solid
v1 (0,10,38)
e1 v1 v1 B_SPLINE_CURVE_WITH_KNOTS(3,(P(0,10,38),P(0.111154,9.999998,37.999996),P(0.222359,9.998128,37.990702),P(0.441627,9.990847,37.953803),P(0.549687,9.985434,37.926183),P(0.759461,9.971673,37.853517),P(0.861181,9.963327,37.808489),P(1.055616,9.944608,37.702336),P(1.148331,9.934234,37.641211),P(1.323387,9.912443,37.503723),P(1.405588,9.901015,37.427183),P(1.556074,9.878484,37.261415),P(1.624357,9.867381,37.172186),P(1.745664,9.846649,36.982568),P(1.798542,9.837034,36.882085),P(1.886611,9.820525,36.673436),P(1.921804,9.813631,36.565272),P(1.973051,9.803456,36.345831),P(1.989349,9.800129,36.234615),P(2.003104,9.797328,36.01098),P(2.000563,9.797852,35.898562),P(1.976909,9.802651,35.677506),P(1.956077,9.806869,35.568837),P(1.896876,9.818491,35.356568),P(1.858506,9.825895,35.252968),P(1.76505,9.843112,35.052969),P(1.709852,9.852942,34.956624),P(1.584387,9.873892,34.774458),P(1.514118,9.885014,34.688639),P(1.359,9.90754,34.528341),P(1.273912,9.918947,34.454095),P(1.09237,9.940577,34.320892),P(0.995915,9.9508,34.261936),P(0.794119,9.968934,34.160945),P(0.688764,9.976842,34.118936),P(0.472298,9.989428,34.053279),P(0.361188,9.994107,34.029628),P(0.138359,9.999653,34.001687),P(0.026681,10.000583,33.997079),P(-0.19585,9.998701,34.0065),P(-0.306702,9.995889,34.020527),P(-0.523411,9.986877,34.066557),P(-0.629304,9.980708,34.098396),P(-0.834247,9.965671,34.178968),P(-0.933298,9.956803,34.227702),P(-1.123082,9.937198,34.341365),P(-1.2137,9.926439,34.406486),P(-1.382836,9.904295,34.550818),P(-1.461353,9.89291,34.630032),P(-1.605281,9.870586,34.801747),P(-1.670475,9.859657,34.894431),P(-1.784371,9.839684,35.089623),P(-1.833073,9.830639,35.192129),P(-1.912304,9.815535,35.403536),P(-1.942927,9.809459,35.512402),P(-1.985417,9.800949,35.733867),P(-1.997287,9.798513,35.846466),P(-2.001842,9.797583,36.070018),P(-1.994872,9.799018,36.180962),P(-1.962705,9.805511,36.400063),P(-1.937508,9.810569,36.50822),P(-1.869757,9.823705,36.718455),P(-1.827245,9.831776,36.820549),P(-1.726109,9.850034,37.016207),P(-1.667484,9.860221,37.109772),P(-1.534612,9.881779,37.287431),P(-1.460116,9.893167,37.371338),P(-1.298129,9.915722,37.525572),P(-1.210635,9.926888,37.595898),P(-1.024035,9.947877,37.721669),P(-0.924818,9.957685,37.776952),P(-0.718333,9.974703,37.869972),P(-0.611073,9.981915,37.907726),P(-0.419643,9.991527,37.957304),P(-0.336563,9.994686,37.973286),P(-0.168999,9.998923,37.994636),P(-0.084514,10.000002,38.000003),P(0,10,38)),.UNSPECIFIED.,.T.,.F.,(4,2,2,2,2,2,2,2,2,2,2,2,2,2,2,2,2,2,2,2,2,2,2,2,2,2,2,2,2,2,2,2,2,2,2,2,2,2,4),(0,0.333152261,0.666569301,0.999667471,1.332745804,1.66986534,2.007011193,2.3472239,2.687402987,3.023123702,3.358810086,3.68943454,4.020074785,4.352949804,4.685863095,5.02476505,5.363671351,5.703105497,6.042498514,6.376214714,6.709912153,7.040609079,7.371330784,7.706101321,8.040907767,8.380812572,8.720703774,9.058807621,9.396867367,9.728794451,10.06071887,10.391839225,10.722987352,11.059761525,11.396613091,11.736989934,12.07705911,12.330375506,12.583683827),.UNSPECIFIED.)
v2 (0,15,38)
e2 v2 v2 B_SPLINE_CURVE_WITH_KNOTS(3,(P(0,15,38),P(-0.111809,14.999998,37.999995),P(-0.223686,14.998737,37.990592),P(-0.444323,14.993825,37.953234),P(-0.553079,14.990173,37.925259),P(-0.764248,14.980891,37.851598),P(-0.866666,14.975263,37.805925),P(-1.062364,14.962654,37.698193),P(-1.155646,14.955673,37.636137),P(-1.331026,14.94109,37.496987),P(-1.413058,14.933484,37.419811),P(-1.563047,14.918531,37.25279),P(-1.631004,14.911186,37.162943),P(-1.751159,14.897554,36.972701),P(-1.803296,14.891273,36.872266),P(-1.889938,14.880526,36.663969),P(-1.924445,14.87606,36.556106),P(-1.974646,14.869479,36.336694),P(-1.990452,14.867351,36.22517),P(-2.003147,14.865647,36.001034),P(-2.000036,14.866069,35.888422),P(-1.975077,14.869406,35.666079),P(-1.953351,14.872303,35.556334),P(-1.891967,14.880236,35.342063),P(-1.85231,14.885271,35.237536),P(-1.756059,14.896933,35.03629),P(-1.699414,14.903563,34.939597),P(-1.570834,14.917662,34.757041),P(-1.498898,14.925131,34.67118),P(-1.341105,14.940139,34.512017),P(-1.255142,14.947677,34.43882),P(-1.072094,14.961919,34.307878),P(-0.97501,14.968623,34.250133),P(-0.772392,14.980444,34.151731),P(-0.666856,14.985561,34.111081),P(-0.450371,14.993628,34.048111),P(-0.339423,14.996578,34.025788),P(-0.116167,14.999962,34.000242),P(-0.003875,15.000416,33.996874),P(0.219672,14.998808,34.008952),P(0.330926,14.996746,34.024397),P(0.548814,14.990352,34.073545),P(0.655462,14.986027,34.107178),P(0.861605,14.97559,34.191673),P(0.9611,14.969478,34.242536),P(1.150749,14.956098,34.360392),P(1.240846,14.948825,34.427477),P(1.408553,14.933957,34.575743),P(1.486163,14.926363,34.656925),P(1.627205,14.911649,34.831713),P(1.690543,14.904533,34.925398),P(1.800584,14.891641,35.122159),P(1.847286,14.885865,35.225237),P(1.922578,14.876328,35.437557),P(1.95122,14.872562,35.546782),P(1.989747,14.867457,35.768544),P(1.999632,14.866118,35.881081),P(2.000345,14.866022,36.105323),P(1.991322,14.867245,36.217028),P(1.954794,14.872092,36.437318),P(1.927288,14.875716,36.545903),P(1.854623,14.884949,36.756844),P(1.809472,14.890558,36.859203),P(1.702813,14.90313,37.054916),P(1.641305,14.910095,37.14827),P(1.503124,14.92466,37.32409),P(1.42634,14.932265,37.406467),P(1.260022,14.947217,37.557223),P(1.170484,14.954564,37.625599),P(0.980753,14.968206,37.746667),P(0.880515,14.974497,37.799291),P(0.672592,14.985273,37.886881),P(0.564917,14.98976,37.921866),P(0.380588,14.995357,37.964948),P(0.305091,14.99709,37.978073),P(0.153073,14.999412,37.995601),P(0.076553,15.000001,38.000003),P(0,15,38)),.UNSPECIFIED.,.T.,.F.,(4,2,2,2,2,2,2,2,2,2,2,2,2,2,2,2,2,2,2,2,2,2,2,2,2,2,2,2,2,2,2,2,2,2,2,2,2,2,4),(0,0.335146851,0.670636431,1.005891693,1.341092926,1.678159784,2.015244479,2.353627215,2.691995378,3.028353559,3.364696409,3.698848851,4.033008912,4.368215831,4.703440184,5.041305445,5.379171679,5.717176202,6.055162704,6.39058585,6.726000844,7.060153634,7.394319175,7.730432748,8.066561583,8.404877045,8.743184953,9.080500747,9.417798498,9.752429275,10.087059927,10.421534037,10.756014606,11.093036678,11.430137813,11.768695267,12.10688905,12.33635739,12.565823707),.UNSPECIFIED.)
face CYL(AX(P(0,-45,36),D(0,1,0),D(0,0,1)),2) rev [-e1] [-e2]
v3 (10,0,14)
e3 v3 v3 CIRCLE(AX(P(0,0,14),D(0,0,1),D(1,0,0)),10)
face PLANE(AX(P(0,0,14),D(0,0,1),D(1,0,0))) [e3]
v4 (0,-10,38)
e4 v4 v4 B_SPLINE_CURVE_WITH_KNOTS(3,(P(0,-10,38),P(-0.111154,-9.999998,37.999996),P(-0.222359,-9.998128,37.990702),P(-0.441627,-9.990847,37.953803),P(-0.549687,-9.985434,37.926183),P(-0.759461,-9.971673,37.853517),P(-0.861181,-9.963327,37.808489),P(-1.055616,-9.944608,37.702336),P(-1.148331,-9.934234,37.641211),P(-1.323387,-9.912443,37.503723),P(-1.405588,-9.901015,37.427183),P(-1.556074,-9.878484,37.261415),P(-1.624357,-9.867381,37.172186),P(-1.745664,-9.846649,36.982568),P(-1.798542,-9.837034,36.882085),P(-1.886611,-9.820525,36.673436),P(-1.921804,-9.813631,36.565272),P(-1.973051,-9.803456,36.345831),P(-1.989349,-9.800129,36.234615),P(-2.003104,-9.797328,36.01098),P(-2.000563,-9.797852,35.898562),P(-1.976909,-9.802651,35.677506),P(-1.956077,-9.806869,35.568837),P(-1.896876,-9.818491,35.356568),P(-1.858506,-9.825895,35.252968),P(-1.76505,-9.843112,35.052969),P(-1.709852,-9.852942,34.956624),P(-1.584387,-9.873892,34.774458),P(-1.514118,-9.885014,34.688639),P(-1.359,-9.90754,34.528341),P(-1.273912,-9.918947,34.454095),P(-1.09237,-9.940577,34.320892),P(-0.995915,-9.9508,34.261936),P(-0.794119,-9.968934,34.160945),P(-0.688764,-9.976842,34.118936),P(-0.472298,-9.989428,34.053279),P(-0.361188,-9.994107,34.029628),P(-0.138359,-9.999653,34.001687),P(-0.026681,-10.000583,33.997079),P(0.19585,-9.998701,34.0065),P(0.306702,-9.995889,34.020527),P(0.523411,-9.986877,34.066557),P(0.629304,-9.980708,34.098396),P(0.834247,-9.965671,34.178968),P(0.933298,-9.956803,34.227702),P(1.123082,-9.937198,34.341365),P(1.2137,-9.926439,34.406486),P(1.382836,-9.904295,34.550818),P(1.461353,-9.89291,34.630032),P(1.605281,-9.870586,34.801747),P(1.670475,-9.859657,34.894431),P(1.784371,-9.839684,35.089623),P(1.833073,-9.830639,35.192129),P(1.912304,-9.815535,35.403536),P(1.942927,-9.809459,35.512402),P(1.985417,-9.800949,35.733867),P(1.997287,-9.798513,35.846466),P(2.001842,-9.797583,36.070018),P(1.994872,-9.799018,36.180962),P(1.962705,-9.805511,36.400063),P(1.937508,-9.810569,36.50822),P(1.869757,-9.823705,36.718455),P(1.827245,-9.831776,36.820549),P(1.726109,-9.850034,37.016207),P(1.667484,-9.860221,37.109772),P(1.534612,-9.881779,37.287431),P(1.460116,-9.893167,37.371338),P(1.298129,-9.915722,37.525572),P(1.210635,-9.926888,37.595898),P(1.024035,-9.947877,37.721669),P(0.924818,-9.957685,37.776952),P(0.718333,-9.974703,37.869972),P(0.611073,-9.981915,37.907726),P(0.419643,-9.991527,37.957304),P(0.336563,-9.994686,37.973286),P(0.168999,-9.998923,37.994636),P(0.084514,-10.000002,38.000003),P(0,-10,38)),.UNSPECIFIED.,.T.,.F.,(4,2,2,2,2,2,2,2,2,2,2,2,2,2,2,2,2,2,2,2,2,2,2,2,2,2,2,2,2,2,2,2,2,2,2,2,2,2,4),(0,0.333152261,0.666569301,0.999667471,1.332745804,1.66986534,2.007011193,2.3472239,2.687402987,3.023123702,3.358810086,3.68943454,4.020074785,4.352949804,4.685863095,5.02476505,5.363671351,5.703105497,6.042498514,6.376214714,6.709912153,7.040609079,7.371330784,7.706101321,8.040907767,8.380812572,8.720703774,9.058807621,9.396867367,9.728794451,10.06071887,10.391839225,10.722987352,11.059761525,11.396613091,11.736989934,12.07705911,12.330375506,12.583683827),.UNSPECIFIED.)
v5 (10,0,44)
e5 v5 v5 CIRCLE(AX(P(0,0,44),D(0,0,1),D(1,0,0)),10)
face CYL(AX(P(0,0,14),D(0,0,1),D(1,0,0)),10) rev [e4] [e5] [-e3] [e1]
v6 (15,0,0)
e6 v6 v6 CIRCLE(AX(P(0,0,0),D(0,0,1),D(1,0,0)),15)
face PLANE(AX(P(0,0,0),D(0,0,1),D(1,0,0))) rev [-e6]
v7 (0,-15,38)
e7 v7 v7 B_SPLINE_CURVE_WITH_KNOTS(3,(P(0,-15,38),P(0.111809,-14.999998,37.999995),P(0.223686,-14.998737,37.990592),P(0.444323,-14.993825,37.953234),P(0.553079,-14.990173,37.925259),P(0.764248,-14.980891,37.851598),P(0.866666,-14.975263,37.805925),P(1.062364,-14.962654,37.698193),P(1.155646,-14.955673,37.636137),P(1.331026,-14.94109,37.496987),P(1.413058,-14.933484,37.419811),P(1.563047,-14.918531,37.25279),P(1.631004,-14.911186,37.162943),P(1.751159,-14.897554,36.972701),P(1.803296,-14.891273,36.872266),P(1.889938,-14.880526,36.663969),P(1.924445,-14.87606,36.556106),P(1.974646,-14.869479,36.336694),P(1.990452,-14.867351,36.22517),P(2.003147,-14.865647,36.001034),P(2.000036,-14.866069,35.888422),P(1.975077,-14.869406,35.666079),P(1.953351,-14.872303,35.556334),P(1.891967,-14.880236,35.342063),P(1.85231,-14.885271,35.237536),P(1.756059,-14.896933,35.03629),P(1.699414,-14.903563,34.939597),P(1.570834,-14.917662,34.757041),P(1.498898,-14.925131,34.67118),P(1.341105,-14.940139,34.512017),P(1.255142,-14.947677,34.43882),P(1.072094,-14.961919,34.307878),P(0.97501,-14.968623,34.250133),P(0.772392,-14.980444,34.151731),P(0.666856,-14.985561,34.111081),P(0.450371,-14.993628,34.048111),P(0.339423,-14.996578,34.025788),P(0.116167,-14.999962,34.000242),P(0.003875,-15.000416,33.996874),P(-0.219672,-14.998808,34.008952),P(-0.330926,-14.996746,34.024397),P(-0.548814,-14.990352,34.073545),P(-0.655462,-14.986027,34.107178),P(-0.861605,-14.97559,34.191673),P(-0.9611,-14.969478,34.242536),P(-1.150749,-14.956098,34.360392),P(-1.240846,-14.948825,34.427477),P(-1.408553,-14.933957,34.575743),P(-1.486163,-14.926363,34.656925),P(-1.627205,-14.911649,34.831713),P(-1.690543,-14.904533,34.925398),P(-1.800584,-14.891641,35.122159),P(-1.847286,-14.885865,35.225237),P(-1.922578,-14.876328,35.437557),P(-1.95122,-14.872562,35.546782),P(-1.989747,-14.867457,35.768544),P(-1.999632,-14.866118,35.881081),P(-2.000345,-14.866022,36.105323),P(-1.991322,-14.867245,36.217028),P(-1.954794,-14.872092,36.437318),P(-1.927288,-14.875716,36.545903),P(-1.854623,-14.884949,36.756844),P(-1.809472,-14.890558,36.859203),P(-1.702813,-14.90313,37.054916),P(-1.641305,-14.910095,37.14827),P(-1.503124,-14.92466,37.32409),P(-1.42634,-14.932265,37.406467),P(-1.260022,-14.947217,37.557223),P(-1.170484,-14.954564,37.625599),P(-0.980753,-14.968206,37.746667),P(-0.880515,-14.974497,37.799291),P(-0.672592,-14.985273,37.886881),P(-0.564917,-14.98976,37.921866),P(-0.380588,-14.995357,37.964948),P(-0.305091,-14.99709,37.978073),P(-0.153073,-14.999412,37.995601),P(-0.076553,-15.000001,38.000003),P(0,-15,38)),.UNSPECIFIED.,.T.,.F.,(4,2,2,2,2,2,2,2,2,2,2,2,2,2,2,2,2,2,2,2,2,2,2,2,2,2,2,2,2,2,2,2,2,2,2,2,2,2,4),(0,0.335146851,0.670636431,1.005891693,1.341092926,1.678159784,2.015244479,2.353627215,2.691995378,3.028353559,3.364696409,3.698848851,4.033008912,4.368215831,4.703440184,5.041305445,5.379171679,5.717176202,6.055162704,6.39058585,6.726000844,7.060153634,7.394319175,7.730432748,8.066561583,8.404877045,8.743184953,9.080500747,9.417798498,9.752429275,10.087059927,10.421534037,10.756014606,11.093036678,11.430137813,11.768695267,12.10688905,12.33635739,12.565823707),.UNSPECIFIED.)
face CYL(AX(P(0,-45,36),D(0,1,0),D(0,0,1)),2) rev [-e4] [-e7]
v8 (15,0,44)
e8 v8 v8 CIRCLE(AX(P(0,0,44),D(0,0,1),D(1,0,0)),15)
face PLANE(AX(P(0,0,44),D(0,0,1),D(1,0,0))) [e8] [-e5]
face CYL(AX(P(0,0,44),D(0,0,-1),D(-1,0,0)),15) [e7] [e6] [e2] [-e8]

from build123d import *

# Parameters (mm, degrees)
IZIM1_R                     = 15
Y_KSEKLIK_EKSTR_ZYON1_DEPTH = 44
IZIM3_R                     = 10
KES_EKSTR_ZYON1_DEPTH       = 30
IZIM4_R                     = 2
KES_EKSTR_ZYON2_DEPTH       = 60


with BuildPart() as part:
    # Çizim1 → Yükseklik-Ekstrüzyon1 (new body)
    with BuildSketch(Plane.XY):
        Circle(IZIM1_R)
    extrude(amount=Y_KSEKLIK_EKSTR_ZYON1_DEPTH)

    # Çizim3 → Kes-Ekstrüzyon1 (cut)
    with BuildSketch(Plane.XY.offset(44)):
        Circle(IZIM3_R)
    extrude(amount=-KES_EKSTR_ZYON1_DEPTH, mode=Mode.SUBTRACT)

    # Çizim4 → Kes-Ekstrüzyon2 (cut)
    with BuildSketch(Plane(origin=(0, 15, 0), x_dir=(1, 0, 0), z_dir=(0, 1, 0))):
        with Locations(Location((0, -36, 0), (0, 0, 270))):
            Circle(IZIM4_R)
    extrude(amount=-KES_EKSTR_ZYON2_DEPTH, mode=Mode.SUBTRACT)


solid = part.part
